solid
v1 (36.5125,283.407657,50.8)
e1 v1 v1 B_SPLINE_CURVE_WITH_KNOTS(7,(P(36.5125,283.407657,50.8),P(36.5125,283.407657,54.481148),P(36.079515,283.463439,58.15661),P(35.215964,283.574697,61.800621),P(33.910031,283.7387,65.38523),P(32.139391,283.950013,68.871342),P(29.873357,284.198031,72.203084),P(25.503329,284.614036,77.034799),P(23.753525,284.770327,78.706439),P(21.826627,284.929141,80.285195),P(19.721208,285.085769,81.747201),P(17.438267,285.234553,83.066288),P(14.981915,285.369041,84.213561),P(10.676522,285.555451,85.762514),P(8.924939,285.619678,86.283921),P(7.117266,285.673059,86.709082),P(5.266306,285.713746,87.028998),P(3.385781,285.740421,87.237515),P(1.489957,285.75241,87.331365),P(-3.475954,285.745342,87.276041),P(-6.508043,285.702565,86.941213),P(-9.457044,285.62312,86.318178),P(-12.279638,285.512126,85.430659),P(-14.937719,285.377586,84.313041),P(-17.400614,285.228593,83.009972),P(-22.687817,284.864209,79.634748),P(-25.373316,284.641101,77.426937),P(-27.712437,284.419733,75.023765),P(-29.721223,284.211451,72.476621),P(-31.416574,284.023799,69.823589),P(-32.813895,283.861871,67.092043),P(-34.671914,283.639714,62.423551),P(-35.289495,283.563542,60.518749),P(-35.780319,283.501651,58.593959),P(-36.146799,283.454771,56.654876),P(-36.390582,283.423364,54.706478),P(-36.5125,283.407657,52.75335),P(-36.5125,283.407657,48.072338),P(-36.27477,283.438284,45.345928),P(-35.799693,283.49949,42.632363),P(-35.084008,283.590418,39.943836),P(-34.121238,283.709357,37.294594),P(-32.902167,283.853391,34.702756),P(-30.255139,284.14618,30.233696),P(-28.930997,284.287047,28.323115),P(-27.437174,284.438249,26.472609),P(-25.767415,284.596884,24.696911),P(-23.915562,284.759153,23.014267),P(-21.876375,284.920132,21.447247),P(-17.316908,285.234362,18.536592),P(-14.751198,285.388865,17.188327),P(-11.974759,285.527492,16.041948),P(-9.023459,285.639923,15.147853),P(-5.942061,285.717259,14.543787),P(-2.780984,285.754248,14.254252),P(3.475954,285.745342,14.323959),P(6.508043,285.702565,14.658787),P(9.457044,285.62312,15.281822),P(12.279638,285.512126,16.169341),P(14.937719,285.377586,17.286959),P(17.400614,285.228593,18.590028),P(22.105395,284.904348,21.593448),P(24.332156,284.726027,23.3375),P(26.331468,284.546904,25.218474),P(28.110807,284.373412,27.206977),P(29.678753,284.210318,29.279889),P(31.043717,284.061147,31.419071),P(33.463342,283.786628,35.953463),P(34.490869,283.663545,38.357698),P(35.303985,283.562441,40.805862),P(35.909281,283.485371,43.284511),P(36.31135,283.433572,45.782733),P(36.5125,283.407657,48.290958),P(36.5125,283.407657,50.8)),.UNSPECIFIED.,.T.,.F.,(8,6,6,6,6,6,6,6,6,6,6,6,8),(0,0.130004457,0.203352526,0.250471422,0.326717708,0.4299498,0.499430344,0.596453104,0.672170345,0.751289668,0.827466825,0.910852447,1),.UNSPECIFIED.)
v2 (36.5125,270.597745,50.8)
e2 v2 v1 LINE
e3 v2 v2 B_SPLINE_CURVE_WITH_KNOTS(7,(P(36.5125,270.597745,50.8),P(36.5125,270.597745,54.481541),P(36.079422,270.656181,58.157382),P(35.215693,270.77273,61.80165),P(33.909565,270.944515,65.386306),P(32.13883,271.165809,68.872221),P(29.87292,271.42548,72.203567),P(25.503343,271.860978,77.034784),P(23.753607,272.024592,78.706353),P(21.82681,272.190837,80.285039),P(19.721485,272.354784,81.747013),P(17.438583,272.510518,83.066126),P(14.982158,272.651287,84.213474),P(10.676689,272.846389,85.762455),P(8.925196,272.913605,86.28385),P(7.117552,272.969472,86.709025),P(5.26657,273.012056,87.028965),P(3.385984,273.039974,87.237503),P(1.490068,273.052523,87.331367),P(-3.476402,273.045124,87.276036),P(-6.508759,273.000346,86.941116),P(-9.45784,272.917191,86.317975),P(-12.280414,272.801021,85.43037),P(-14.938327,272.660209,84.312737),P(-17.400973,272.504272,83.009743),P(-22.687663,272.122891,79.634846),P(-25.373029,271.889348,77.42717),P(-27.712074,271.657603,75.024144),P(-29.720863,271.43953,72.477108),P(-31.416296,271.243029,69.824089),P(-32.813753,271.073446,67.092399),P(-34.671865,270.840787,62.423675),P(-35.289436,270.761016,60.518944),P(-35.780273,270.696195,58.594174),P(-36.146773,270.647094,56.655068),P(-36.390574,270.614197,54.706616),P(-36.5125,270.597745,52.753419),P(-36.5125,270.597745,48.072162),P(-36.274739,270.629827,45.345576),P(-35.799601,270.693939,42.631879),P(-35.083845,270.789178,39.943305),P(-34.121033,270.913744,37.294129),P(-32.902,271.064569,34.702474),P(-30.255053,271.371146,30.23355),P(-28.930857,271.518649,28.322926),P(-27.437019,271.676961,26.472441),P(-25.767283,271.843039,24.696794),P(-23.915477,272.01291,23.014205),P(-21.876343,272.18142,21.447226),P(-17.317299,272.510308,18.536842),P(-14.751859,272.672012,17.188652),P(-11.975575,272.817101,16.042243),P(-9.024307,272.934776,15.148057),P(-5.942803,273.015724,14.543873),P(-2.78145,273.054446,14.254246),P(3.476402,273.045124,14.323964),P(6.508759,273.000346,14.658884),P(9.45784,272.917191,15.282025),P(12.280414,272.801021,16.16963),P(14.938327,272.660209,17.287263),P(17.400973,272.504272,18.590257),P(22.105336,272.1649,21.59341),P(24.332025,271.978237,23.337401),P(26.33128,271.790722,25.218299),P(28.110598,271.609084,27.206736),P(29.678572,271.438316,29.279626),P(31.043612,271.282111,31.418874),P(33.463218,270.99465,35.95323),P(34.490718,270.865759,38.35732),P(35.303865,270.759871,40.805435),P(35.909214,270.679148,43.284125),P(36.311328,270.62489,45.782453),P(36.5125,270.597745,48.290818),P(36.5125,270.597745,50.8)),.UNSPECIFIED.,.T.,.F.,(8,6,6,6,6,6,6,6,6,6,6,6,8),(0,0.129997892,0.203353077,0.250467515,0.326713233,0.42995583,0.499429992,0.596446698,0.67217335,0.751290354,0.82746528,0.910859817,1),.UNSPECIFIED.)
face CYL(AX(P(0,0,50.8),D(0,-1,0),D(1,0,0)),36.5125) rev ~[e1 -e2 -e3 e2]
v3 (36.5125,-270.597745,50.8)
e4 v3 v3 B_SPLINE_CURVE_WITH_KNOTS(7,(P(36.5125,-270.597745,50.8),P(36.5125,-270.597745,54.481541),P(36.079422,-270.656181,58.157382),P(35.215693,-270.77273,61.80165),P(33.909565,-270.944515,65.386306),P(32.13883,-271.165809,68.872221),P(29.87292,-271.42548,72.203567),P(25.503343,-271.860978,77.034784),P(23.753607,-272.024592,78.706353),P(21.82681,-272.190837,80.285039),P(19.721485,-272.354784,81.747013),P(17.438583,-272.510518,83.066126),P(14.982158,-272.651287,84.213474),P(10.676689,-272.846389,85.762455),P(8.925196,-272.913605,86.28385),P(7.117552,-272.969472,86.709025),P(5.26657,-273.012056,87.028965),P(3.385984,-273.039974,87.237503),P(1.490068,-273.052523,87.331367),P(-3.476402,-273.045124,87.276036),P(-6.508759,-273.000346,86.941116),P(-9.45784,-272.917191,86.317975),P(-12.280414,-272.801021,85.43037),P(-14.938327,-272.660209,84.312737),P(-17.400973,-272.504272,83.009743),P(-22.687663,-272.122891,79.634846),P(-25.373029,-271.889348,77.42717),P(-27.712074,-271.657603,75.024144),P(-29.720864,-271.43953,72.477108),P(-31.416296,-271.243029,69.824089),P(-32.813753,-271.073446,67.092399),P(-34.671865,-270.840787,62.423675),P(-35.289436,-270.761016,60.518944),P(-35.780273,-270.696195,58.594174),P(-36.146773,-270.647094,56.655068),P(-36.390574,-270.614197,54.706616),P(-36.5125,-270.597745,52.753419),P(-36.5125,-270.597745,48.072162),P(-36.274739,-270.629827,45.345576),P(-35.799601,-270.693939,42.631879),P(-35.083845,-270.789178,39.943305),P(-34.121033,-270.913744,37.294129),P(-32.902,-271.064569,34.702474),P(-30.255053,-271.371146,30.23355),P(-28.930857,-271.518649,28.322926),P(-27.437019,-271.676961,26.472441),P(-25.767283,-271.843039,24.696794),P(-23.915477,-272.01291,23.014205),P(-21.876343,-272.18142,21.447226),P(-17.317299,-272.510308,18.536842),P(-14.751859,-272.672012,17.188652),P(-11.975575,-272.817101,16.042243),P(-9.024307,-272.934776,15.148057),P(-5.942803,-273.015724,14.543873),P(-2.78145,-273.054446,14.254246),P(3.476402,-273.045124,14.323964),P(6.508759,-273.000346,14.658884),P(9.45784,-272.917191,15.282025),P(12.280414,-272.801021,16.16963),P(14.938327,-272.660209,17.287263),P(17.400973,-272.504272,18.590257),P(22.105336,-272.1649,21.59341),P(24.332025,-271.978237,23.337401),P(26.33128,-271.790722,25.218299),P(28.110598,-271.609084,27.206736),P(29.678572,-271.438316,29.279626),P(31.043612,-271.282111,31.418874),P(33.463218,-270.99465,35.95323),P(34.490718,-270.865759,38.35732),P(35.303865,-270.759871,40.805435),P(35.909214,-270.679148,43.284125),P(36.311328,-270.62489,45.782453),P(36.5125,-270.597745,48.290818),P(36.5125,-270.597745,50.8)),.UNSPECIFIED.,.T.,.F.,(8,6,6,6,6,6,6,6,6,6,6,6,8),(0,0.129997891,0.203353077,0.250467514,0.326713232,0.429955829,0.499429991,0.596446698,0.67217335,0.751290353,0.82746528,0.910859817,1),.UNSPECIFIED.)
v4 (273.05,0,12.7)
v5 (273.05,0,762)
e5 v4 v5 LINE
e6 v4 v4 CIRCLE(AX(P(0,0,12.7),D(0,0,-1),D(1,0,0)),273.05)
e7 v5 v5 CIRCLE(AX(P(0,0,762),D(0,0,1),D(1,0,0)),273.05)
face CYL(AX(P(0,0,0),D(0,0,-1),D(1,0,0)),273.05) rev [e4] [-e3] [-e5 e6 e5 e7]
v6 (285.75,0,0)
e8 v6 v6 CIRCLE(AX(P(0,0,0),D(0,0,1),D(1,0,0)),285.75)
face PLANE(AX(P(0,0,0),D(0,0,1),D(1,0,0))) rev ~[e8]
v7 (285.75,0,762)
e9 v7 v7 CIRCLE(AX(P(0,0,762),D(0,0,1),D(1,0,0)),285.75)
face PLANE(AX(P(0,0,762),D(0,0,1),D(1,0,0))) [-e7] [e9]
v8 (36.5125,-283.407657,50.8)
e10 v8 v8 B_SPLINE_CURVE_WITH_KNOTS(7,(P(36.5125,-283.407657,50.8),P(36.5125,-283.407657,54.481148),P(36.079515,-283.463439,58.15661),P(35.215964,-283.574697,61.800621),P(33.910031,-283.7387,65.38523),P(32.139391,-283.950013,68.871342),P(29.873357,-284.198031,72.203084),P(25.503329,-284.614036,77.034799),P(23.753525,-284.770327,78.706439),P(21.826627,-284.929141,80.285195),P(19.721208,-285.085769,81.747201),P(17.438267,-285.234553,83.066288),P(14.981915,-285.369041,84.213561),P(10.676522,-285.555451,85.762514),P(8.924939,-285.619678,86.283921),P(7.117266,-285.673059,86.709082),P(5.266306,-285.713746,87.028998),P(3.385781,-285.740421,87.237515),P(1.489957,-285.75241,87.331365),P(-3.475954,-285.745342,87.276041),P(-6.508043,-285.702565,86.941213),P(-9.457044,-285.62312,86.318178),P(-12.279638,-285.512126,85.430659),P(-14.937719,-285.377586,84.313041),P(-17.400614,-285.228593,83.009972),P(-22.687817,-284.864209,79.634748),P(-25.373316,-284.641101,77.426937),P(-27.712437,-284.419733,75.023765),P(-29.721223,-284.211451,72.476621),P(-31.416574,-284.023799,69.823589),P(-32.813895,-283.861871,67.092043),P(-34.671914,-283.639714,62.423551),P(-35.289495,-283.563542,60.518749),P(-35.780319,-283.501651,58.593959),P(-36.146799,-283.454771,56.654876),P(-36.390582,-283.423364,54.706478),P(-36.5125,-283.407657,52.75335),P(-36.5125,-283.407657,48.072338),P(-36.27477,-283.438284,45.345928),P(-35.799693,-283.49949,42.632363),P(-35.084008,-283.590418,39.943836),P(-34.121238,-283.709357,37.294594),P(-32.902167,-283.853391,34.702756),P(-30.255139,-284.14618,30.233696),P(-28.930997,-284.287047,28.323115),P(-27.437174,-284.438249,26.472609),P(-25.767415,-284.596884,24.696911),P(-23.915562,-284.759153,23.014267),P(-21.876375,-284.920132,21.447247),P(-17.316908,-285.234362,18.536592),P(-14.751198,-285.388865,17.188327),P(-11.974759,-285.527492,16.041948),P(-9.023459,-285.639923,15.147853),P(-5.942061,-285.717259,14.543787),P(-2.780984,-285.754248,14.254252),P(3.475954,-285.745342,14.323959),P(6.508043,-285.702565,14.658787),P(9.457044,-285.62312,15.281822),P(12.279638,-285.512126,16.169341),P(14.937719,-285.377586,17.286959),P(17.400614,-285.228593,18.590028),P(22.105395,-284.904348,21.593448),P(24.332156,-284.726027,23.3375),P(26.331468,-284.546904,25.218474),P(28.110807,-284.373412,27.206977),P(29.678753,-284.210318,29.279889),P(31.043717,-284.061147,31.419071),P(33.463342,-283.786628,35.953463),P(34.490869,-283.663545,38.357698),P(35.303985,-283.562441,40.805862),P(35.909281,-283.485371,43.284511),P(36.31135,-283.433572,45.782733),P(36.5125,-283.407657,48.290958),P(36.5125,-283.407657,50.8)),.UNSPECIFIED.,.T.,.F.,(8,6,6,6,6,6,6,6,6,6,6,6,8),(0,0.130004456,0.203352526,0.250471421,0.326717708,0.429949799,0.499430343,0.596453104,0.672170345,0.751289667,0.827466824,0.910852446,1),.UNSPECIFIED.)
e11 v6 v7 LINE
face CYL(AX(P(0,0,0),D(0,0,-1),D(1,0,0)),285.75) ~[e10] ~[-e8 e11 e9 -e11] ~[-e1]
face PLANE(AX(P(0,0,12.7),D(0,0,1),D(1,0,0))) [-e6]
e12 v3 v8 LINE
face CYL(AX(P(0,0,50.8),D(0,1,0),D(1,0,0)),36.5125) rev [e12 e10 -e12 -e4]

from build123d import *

# Parameters (mm, degrees)
F0_R     = 285.75
F1_DEPTH = 762
F2_T     = -12.7
F3_R     = 36.5125
F4_DEPTH = 327.66
F5_R     = 36.5125
F6_DEPTH = 345.44


with BuildPart() as f1:
    # F0 (on Top) → F1 (new body)
    with BuildSketch(Plane.XY):
        Circle(F0_R)
    extrude(amount=F1_DEPTH)

    # F2
    f2_openings = [f1.faces().sort_by_distance(p)[0] for p in [
        (0, 0, 762),
    ]]
    offset(amount=F2_T, openings=f2_openings)

    # F3 (on Front) → F4 (cut)
    with BuildSketch(Plane.XZ):
        with Locations((0, 50.8)):
            Circle(F3_R)
    extrude(amount=F4_DEPTH, mode=Mode.SUBTRACT)

    # F5 (on Front) → F6 (cut)
    with BuildSketch(Plane.XZ):
        with Locations((0, 50.8)):
            Circle(F5_R)
    extrude(amount=-F6_DEPTH, mode=Mode.SUBTRACT)


solid = f1.part
